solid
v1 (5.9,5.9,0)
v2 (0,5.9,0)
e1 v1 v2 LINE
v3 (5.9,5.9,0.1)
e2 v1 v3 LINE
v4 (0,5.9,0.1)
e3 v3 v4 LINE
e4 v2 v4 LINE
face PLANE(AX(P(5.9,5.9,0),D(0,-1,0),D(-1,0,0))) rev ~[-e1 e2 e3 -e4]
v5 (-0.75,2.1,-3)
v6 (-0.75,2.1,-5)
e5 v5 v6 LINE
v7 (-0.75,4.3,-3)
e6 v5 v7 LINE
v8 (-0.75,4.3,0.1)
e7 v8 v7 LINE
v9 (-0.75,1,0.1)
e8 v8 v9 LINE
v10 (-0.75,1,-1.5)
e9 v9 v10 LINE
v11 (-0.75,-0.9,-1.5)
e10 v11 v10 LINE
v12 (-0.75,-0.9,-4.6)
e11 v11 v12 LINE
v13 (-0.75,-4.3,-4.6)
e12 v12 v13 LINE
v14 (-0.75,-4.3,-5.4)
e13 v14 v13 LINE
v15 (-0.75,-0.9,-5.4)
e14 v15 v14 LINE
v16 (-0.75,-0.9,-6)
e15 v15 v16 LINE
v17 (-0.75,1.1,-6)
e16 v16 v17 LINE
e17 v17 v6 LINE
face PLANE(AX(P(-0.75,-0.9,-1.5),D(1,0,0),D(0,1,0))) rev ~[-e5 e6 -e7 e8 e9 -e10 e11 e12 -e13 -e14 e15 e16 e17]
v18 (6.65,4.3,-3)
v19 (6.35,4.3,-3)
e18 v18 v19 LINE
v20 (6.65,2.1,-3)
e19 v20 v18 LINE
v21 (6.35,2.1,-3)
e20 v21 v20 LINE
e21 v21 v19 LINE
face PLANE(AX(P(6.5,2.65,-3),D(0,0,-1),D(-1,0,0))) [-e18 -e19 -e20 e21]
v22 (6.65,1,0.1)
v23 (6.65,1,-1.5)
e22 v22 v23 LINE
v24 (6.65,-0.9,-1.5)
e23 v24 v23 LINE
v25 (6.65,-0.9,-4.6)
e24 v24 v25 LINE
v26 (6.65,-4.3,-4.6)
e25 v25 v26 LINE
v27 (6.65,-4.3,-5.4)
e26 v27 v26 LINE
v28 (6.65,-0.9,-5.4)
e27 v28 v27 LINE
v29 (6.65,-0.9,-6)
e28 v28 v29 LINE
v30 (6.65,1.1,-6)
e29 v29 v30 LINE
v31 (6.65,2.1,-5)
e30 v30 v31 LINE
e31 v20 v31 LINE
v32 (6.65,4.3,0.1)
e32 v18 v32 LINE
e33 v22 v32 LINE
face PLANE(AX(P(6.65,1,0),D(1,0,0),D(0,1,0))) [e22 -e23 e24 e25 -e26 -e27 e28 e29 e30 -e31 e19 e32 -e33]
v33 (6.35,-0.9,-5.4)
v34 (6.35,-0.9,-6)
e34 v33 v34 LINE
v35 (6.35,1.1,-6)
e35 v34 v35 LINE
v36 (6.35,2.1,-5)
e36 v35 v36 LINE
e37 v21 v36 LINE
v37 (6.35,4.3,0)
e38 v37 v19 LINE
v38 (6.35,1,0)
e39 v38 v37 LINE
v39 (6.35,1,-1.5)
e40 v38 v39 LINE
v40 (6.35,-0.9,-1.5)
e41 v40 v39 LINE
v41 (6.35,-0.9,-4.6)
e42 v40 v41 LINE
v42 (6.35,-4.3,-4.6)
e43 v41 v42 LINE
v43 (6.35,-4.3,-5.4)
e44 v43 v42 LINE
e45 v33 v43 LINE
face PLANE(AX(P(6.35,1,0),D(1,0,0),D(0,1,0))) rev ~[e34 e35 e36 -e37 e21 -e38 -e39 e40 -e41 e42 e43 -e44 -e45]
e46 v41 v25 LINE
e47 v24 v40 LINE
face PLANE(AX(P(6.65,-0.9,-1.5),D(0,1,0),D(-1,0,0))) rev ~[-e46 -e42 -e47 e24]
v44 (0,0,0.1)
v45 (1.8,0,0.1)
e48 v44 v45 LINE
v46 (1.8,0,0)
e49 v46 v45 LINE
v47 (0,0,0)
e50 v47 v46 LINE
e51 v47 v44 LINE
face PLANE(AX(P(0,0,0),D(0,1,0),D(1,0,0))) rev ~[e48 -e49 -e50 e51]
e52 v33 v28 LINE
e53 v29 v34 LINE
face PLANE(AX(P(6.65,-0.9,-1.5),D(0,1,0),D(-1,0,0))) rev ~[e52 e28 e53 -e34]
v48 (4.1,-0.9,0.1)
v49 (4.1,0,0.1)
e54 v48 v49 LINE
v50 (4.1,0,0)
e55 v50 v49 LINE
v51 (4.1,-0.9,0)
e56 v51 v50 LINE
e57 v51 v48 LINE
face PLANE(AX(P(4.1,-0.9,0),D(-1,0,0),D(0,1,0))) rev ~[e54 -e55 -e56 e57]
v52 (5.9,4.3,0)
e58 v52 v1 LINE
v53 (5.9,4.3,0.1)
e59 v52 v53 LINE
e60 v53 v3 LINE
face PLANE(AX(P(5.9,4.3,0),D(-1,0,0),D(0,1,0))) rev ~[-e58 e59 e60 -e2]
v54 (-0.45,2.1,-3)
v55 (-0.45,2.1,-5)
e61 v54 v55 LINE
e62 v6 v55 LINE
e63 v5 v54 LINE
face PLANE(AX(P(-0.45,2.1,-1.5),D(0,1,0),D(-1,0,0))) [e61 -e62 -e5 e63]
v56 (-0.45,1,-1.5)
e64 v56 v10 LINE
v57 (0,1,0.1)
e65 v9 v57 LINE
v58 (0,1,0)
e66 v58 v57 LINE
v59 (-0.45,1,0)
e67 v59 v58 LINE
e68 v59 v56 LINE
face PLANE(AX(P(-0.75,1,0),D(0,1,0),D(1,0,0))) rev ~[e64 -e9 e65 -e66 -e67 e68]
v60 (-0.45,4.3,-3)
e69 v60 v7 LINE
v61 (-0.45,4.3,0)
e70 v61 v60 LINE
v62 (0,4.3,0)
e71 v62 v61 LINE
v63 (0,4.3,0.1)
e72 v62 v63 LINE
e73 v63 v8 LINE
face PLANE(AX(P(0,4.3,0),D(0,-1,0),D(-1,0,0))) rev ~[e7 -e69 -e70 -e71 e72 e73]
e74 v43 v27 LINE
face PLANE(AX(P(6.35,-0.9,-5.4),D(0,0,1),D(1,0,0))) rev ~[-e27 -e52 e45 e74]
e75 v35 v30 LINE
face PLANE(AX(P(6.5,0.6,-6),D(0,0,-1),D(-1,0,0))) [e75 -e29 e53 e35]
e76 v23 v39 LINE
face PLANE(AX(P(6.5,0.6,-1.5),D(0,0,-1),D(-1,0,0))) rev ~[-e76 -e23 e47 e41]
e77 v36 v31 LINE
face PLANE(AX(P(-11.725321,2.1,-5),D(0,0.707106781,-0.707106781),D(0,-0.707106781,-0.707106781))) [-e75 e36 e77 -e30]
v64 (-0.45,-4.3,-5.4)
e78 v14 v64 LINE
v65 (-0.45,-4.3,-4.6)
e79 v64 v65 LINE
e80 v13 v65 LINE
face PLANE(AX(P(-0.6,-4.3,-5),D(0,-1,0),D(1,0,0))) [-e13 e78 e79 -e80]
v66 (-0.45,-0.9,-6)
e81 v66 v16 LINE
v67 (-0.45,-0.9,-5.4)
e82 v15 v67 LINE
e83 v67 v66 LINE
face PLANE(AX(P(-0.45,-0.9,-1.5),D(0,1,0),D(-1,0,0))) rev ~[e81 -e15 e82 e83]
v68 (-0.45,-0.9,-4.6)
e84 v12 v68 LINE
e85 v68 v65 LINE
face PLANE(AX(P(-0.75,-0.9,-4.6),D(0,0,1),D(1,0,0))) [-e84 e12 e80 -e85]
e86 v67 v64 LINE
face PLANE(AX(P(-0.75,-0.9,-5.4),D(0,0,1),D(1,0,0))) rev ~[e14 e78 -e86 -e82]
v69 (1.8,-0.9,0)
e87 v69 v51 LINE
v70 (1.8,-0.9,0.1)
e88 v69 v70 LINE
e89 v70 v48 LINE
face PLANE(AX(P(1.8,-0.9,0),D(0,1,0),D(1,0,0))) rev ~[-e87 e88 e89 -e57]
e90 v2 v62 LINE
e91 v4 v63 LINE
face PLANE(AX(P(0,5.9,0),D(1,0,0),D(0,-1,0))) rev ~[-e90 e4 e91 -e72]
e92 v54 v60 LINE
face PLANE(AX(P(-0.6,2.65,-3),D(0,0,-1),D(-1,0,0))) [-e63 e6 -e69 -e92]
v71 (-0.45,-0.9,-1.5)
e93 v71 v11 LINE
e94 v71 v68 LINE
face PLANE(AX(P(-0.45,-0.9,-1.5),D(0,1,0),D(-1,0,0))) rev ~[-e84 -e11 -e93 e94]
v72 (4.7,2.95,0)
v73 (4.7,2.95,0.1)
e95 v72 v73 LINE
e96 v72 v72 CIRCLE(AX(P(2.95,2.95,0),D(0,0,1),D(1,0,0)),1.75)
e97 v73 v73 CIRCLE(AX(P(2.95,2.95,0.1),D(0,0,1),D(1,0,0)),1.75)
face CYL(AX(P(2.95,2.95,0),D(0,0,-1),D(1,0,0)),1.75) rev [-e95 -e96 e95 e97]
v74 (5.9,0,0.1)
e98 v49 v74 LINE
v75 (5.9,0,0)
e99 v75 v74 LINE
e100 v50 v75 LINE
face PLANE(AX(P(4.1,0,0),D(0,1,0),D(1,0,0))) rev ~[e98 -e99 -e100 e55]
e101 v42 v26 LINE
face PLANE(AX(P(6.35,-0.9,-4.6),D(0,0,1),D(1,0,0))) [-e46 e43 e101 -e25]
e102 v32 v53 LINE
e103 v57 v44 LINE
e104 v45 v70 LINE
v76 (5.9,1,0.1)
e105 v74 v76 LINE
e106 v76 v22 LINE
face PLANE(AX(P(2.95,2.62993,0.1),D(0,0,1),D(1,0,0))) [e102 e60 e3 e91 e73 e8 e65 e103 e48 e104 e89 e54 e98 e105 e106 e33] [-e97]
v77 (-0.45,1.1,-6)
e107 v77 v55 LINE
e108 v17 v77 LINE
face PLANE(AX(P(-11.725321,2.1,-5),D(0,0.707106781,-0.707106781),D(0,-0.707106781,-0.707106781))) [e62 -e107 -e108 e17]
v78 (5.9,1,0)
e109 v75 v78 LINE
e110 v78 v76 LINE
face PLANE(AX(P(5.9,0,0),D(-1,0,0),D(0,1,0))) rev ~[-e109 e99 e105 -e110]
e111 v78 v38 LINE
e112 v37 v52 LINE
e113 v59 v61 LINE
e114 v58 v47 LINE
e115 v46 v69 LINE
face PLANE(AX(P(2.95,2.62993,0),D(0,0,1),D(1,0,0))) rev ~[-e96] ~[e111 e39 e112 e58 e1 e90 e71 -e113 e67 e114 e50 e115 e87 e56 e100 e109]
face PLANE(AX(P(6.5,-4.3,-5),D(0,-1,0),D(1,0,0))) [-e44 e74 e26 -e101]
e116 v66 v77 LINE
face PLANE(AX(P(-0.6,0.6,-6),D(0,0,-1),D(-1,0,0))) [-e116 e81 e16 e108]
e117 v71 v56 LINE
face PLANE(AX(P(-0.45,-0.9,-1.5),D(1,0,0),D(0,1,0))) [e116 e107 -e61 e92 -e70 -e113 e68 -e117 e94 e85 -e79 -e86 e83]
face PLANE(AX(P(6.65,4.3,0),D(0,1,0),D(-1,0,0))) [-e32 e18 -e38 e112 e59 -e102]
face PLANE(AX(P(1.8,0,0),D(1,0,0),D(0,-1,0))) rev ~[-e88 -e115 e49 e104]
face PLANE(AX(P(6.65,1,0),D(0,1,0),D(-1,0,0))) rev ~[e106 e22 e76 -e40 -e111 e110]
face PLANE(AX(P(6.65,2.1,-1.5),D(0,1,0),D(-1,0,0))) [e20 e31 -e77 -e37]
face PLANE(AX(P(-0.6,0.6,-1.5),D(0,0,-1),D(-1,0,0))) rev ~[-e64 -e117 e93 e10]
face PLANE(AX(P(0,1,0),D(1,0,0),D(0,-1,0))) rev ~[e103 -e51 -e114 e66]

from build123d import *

# Parameters (mm, degrees)
SKETCH1_R                = 1.75
BOSS_EXTRUDE1_DEPTH      = 0.1
SKETCH2_W                = 0.3
SKETCH2_H                = 3.3
BOSS_EXTRUDE2_DEPTH      = 3
BOSS_EXTRUDE3_DEPTH      = 3
BOSS_EXTRUDE3_DEPTH_BACK = 1.5
SKETCH3_W                = 0.3
SKETCH3_H                = 3
CUT_EXTRUDE1_DEPTH       = 11.725320508
CUT_EXTRUDE1_DEPTH_BACK  = 11.725320508
SKETCH6_W                = 0.3
SKETCH6_H                = 0.8
BOSS_EXTRUDE4_DEPTH      = 3.4


with BuildPart() as part:
    # Sketch1 → Boss-Extrude1 (new body)
    with BuildSketch(Plane.XY):
        Polygon((1.8, 0), (1.8, -0.9), (4.1, -0.9), (4.1, 0), (5.9, 0), (5.9, 1), (6.65, 1), (6.65, 4.3), (5.9, 4.3), (5.9, 5.9), (0, 5.9), (0, 4.3), (-0.75, 4.3), (-0.75, 1), (0, 1), (0, 0), align=None)
        with Locations((2.95, 2.95)):
            Circle(SKETCH1_R, mode=Mode.SUBTRACT)
    extrude(amount=BOSS_EXTRUDE1_DEPTH)

    # Sketch2 → Boss-Extrude2 (add)
    with BuildSketch(Plane(origin=(0, 0, 0), x_dir=(-1, 0, 0), z_dir=(0, 0, -1))):
        with Locations((-6.5, 2.65)):
            Rectangle(SKETCH2_W, SKETCH2_H)
        with Locations((0.6, 2.65)):
            Rectangle(SKETCH2_W, SKETCH2_H)
    extrude(amount=BOSS_EXTRUDE2_DEPTH)

    # Sketch3 → Boss-Extrude3 (add, two sides: drawn at the far end of the back side and taken through both)
    with BuildSketch(Plane(origin=(0, 0, -3), x_dir=(-1, 0, 0), z_dir=(0, 0, -1)).offset(-BOSS_EXTRUDE3_DEPTH_BACK)):
        with Locations((0.6, 0.6)):
            Rectangle(SKETCH3_W, SKETCH3_H)
        with Locations((-6.5, 0.6)):
            Rectangle(SKETCH3_W, SKETCH3_H)
    extrude(amount=BOSS_EXTRUDE3_DEPTH + BOSS_EXTRUDE3_DEPTH_BACK)

    # Sketch5 → Cut-Extrude1 (cut, two sides: drawn at the far end of the back side and taken through both)
    with BuildSketch(Plane(origin=(0, 0, 0), x_dir=(0, 0, -1), z_dir=(1, 0, 0)).offset(-CUT_EXTRUDE1_DEPTH_BACK)):
        Polygon((5, 2.1), (6, 1.1), (6, 2.1), align=None)
    extrude(amount=CUT_EXTRUDE1_DEPTH + CUT_EXTRUDE1_DEPTH_BACK, mode=Mode.SUBTRACT)

    # Sketch6 → Boss-Extrude4 (add)
    with BuildSketch(Plane.XZ.offset(0.9)):
        with Locations((-0.6, -5)):
            Rectangle(SKETCH6_W, SKETCH6_H)
        with Locations((6.5, -5)):
            Rectangle(SKETCH6_W, SKETCH6_H)
    extrude(amount=BOSS_EXTRUDE4_DEPTH)


solid = part.part
